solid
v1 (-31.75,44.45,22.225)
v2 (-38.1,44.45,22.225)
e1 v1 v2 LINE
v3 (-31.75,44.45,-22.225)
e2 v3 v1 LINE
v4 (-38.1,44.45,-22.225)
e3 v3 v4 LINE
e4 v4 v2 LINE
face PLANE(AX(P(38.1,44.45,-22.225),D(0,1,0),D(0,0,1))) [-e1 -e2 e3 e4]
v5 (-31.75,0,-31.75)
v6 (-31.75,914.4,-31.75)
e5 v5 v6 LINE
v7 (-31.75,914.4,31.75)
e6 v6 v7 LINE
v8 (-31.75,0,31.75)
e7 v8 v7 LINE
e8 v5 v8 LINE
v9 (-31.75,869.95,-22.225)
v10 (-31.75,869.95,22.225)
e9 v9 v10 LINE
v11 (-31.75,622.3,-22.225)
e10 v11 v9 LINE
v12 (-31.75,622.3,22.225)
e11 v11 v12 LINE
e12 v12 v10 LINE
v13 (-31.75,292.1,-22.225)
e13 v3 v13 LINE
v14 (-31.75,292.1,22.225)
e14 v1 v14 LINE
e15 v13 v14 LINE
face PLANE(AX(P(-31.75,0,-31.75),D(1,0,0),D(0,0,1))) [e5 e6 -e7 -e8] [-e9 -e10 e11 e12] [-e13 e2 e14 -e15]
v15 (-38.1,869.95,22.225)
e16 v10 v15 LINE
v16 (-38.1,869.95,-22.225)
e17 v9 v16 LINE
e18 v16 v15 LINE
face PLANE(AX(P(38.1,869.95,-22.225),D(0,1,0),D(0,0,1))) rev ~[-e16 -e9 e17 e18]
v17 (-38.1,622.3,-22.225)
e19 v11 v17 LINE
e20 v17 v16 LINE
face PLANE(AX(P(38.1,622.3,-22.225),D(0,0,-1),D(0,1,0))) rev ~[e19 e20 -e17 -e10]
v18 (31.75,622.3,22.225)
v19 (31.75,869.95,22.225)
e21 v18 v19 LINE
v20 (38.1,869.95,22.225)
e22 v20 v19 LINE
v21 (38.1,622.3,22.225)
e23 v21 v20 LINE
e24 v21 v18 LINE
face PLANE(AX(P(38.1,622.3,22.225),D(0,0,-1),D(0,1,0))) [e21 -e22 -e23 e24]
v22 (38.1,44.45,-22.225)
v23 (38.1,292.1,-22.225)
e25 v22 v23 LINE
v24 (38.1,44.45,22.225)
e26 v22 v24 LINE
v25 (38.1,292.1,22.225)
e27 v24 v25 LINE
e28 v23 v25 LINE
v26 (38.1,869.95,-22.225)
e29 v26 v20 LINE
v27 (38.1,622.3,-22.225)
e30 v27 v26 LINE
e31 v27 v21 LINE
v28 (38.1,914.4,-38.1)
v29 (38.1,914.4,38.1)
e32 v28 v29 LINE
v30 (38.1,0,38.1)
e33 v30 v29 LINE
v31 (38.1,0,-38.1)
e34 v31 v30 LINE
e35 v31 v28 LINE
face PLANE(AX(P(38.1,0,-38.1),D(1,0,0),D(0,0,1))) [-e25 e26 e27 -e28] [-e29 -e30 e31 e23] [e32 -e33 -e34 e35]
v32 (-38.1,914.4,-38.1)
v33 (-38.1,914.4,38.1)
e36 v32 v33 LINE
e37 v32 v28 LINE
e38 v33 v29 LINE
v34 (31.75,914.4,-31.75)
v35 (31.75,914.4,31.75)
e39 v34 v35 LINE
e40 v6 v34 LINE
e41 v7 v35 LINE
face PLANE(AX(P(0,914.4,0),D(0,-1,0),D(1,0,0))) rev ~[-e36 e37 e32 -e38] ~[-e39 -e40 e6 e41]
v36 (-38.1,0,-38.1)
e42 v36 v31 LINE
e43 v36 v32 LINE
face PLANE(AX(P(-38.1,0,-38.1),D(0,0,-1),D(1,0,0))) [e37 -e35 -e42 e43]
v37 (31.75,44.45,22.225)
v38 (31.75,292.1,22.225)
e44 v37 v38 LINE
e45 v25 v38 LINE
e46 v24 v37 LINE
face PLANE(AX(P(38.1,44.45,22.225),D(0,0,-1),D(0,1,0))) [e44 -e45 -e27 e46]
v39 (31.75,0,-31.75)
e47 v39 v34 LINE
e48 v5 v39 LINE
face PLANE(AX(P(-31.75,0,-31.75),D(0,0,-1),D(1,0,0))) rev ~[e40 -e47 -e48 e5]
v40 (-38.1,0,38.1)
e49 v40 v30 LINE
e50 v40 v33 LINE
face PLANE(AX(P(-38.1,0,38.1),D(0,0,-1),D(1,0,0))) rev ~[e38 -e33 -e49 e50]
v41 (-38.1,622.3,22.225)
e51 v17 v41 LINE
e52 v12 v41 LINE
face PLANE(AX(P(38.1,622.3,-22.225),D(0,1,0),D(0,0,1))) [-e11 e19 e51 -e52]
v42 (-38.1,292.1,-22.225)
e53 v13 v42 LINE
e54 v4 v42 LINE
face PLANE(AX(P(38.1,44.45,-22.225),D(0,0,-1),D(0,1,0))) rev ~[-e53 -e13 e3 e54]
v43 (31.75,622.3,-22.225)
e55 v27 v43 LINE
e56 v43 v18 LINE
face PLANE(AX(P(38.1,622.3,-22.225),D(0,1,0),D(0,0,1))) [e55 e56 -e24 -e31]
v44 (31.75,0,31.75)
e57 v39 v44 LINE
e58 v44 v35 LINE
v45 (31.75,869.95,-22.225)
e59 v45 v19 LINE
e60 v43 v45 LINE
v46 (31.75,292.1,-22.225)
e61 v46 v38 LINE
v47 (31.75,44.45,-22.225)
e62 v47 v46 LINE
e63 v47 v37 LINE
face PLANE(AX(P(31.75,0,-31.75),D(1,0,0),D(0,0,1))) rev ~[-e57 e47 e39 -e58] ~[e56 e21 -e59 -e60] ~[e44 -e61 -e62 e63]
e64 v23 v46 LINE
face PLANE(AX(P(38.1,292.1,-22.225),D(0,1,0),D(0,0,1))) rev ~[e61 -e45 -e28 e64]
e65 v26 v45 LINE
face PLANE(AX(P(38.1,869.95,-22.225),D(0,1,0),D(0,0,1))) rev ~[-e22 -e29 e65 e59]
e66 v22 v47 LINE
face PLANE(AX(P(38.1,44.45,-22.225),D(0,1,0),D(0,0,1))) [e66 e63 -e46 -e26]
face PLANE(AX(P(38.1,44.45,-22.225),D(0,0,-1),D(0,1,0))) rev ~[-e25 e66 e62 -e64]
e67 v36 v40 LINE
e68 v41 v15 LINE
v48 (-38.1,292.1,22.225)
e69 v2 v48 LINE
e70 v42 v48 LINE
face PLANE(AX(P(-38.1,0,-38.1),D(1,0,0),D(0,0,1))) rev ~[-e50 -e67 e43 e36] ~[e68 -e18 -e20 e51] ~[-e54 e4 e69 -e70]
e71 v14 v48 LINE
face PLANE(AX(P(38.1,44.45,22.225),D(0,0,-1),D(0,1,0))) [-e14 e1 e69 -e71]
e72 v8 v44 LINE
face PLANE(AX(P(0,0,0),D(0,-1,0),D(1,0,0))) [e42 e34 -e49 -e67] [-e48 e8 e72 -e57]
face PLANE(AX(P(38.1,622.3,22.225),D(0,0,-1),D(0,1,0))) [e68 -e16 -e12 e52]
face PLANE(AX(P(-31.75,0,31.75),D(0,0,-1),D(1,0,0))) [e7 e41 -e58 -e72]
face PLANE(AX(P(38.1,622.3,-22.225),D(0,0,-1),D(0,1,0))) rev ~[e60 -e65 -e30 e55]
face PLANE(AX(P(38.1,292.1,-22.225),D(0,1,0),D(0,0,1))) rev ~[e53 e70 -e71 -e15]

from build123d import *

# Parameters (mm, degrees)
F0_W     = 76.2
F0_H     = 76.2
F0_W_2   = 63.5
F0_H_2   = 63.5
F1_DEPTH = 914.4
F2_W     = 247.65
F2_H     = 44.45
F3_DEPTH = 76.201


with BuildPart() as f1:
    # F0 (on Front) → F1 (new body)
    with BuildSketch(Plane.XZ):
        Rectangle(F0_W, F0_H)
        Rectangle(F0_W_2, F0_H_2, mode=Mode.SUBTRACT)
    extrude(amount=-F1_DEPTH)

    # F2 (on face) → F3 (cut, through all)
    with BuildSketch(Plane.YZ.offset(38.1)):
        with Locations((168.275, 0)):
            Rectangle(F2_W, F2_H)
        with Locations((746.125, 0)):
            Rectangle(F2_W, F2_H)
    extrude(amount=-F3_DEPTH, mode=Mode.SUBTRACT)


solid = f1.part
